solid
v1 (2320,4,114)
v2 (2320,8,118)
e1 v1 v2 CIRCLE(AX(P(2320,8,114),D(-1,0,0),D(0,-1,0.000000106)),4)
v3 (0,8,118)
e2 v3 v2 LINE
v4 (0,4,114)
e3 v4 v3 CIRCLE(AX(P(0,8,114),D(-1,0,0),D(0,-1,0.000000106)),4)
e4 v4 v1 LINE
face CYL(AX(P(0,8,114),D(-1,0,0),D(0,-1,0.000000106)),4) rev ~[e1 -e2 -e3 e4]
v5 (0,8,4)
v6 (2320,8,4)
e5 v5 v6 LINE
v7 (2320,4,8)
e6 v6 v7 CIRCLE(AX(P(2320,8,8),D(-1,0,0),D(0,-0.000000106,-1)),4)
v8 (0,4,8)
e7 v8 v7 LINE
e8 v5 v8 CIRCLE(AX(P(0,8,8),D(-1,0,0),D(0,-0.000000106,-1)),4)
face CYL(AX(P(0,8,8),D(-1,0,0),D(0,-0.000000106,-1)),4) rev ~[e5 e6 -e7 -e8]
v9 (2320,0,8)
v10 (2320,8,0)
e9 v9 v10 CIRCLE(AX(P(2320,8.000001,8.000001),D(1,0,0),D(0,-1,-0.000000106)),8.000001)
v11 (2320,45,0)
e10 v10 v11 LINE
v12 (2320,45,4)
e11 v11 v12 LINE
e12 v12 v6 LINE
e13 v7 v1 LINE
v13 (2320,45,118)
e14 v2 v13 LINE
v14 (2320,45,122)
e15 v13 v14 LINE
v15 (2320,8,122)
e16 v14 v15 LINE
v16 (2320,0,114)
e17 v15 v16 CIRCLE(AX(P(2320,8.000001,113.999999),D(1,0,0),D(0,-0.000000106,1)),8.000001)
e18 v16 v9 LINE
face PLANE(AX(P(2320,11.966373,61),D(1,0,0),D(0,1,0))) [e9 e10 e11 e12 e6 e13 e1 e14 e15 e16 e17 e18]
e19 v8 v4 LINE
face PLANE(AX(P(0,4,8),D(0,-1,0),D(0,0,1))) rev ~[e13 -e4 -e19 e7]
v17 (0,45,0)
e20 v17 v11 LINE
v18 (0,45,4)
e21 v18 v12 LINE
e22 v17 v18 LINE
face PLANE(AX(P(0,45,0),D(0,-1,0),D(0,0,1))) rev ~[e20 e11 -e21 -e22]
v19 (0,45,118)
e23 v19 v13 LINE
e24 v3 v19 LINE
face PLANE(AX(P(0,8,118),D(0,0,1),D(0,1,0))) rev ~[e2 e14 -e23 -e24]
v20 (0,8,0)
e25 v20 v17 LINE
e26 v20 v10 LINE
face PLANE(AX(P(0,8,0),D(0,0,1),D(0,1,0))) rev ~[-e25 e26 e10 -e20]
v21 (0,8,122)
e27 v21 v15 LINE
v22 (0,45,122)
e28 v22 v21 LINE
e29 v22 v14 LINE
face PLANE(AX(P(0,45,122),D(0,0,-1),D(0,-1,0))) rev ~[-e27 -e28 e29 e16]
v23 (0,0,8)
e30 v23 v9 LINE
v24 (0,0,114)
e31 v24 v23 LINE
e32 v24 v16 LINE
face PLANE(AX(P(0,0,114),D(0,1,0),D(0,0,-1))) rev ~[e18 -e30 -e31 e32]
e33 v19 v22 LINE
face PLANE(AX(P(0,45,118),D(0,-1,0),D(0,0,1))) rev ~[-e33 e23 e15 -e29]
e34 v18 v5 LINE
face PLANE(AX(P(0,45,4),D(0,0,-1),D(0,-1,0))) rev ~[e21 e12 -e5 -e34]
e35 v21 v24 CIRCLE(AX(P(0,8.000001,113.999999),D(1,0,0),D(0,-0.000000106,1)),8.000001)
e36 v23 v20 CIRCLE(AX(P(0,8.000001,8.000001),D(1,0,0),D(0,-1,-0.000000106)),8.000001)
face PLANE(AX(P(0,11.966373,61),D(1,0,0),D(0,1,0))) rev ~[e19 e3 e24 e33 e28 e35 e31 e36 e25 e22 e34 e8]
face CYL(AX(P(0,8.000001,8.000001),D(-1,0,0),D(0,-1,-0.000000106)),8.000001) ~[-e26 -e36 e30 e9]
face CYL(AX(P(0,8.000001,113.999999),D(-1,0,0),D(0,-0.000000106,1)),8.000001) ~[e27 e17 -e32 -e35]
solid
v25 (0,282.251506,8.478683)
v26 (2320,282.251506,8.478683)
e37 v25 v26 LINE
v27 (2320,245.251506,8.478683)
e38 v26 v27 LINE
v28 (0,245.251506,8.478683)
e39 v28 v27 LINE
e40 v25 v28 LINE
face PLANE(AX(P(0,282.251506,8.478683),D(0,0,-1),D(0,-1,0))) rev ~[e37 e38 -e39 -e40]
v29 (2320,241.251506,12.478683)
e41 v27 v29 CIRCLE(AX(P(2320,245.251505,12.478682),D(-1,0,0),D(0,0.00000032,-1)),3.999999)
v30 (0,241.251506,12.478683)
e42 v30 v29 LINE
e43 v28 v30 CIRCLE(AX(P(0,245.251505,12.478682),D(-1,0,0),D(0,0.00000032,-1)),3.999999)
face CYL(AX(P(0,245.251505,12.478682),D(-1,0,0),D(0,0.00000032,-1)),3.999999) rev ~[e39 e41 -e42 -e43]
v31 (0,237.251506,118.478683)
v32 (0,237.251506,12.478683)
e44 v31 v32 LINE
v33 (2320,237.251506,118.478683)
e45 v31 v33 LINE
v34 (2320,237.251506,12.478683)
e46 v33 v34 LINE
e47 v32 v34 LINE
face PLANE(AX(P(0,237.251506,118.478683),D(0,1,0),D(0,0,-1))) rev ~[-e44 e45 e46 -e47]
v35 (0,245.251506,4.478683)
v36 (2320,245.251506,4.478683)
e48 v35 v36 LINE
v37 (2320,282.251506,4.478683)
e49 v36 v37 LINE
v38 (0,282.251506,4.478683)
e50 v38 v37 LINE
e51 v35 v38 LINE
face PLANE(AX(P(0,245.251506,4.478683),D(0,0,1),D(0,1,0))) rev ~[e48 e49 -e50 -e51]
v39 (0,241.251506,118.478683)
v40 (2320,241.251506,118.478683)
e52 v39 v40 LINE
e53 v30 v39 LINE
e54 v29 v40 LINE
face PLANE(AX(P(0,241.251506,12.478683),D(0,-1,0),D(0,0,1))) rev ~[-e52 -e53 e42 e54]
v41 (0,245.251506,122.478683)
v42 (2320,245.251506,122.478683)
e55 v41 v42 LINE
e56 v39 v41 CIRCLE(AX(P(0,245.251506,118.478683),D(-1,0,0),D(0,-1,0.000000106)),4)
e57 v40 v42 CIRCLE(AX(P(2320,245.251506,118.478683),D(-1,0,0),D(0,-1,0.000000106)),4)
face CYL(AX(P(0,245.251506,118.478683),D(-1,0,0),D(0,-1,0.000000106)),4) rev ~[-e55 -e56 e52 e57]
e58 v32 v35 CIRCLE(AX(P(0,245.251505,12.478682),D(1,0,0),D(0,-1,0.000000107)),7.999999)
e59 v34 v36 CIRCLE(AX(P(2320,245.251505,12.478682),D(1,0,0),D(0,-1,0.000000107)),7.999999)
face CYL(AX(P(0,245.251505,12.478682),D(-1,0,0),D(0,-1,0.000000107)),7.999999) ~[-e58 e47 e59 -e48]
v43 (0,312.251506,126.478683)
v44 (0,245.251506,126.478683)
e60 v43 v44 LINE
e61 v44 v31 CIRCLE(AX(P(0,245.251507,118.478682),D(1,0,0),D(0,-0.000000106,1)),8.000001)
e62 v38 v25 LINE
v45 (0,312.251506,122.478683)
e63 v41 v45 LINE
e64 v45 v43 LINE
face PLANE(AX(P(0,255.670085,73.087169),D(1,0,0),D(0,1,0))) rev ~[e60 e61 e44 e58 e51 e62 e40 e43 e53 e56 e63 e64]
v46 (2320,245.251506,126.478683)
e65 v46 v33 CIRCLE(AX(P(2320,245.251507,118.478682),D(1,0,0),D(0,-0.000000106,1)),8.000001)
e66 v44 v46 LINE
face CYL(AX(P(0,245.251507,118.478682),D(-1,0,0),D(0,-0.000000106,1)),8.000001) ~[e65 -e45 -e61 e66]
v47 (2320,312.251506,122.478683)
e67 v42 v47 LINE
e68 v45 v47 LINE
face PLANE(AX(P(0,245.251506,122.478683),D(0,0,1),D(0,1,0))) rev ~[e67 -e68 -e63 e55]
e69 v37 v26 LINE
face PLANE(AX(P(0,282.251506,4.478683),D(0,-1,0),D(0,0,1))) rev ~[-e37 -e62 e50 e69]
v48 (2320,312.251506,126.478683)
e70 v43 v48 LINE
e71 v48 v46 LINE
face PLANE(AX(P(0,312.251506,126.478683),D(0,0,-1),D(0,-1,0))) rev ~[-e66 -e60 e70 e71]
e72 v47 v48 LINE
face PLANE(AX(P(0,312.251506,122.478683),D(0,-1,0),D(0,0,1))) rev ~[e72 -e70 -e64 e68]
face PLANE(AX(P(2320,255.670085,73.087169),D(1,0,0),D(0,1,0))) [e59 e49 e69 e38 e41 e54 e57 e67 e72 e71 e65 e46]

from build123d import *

# Parameters (mm, degrees)
F1_DEPTH = 2320
F3_DEPTH = 2320


with BuildPart() as f1:
    # F0 (on Right) → F1 (new body)
    with BuildSketch(Plane.YZ):
        with BuildLine():
            Line((0, 114), (0, 8))
            ThreePointArc((0, 8), (2.343146, 2.343146), (8, 0))
            Line((8, 0), (45, 0))
            Line((45, 0), (45, 4))
            Line((45, 4), (8, 4))
            ThreePointArc((8, 4), (5.171573, 5.171573), (4, 8))
            Line((4, 8), (4, 114))
            ThreePointArc((4, 114), (5.171573, 116.828427), (8, 118))
            Line((8, 118), (45, 118))
            Line((45, 118), (45, 122))
            Line((45, 122), (8, 122))
            ThreePointArc((8, 122), (2.343146, 119.656854), (0, 114))
        make_face()
    extrude(amount=F1_DEPTH)


with BuildPart() as f3:
    # F2 (on Right) → F3 (new body)
    with BuildSketch(Plane.YZ):
        with BuildLine():
            Line((237.251506, 118.478683), (237.251506, 12.478683))
            ThreePointArc((237.251506, 12.478683), (239.594652, 6.821828), (245.251506, 4.478683))
            Line((245.251506, 4.478683), (282.251506, 4.478683))
            Line((282.251506, 4.478683), (282.251506, 8.478683))
            Line((282.251506, 8.478683), (245.251506, 8.478683))
            ThreePointArc((245.251506, 8.478683), (242.423079, 9.650255), (241.251506, 12.478683))
            Line((241.251506, 12.478683), (241.251506, 118.478683))
            ThreePointArc((241.251506, 118.478683), (242.423079, 121.30711), (245.251506, 122.478683))
            Line((245.251506, 122.478683), (312.251506, 122.478683))
            Line((312.251506, 122.478683), (312.251506, 126.478683))
            Line((312.251506, 126.478683), (245.251506, 126.478683))
            ThreePointArc((245.251506, 126.478683), (239.594652, 124.135537), (237.251506, 118.478683))
        make_face()
    extrude(amount=F3_DEPTH)


solid = Compound([f1.part, f3.part])
